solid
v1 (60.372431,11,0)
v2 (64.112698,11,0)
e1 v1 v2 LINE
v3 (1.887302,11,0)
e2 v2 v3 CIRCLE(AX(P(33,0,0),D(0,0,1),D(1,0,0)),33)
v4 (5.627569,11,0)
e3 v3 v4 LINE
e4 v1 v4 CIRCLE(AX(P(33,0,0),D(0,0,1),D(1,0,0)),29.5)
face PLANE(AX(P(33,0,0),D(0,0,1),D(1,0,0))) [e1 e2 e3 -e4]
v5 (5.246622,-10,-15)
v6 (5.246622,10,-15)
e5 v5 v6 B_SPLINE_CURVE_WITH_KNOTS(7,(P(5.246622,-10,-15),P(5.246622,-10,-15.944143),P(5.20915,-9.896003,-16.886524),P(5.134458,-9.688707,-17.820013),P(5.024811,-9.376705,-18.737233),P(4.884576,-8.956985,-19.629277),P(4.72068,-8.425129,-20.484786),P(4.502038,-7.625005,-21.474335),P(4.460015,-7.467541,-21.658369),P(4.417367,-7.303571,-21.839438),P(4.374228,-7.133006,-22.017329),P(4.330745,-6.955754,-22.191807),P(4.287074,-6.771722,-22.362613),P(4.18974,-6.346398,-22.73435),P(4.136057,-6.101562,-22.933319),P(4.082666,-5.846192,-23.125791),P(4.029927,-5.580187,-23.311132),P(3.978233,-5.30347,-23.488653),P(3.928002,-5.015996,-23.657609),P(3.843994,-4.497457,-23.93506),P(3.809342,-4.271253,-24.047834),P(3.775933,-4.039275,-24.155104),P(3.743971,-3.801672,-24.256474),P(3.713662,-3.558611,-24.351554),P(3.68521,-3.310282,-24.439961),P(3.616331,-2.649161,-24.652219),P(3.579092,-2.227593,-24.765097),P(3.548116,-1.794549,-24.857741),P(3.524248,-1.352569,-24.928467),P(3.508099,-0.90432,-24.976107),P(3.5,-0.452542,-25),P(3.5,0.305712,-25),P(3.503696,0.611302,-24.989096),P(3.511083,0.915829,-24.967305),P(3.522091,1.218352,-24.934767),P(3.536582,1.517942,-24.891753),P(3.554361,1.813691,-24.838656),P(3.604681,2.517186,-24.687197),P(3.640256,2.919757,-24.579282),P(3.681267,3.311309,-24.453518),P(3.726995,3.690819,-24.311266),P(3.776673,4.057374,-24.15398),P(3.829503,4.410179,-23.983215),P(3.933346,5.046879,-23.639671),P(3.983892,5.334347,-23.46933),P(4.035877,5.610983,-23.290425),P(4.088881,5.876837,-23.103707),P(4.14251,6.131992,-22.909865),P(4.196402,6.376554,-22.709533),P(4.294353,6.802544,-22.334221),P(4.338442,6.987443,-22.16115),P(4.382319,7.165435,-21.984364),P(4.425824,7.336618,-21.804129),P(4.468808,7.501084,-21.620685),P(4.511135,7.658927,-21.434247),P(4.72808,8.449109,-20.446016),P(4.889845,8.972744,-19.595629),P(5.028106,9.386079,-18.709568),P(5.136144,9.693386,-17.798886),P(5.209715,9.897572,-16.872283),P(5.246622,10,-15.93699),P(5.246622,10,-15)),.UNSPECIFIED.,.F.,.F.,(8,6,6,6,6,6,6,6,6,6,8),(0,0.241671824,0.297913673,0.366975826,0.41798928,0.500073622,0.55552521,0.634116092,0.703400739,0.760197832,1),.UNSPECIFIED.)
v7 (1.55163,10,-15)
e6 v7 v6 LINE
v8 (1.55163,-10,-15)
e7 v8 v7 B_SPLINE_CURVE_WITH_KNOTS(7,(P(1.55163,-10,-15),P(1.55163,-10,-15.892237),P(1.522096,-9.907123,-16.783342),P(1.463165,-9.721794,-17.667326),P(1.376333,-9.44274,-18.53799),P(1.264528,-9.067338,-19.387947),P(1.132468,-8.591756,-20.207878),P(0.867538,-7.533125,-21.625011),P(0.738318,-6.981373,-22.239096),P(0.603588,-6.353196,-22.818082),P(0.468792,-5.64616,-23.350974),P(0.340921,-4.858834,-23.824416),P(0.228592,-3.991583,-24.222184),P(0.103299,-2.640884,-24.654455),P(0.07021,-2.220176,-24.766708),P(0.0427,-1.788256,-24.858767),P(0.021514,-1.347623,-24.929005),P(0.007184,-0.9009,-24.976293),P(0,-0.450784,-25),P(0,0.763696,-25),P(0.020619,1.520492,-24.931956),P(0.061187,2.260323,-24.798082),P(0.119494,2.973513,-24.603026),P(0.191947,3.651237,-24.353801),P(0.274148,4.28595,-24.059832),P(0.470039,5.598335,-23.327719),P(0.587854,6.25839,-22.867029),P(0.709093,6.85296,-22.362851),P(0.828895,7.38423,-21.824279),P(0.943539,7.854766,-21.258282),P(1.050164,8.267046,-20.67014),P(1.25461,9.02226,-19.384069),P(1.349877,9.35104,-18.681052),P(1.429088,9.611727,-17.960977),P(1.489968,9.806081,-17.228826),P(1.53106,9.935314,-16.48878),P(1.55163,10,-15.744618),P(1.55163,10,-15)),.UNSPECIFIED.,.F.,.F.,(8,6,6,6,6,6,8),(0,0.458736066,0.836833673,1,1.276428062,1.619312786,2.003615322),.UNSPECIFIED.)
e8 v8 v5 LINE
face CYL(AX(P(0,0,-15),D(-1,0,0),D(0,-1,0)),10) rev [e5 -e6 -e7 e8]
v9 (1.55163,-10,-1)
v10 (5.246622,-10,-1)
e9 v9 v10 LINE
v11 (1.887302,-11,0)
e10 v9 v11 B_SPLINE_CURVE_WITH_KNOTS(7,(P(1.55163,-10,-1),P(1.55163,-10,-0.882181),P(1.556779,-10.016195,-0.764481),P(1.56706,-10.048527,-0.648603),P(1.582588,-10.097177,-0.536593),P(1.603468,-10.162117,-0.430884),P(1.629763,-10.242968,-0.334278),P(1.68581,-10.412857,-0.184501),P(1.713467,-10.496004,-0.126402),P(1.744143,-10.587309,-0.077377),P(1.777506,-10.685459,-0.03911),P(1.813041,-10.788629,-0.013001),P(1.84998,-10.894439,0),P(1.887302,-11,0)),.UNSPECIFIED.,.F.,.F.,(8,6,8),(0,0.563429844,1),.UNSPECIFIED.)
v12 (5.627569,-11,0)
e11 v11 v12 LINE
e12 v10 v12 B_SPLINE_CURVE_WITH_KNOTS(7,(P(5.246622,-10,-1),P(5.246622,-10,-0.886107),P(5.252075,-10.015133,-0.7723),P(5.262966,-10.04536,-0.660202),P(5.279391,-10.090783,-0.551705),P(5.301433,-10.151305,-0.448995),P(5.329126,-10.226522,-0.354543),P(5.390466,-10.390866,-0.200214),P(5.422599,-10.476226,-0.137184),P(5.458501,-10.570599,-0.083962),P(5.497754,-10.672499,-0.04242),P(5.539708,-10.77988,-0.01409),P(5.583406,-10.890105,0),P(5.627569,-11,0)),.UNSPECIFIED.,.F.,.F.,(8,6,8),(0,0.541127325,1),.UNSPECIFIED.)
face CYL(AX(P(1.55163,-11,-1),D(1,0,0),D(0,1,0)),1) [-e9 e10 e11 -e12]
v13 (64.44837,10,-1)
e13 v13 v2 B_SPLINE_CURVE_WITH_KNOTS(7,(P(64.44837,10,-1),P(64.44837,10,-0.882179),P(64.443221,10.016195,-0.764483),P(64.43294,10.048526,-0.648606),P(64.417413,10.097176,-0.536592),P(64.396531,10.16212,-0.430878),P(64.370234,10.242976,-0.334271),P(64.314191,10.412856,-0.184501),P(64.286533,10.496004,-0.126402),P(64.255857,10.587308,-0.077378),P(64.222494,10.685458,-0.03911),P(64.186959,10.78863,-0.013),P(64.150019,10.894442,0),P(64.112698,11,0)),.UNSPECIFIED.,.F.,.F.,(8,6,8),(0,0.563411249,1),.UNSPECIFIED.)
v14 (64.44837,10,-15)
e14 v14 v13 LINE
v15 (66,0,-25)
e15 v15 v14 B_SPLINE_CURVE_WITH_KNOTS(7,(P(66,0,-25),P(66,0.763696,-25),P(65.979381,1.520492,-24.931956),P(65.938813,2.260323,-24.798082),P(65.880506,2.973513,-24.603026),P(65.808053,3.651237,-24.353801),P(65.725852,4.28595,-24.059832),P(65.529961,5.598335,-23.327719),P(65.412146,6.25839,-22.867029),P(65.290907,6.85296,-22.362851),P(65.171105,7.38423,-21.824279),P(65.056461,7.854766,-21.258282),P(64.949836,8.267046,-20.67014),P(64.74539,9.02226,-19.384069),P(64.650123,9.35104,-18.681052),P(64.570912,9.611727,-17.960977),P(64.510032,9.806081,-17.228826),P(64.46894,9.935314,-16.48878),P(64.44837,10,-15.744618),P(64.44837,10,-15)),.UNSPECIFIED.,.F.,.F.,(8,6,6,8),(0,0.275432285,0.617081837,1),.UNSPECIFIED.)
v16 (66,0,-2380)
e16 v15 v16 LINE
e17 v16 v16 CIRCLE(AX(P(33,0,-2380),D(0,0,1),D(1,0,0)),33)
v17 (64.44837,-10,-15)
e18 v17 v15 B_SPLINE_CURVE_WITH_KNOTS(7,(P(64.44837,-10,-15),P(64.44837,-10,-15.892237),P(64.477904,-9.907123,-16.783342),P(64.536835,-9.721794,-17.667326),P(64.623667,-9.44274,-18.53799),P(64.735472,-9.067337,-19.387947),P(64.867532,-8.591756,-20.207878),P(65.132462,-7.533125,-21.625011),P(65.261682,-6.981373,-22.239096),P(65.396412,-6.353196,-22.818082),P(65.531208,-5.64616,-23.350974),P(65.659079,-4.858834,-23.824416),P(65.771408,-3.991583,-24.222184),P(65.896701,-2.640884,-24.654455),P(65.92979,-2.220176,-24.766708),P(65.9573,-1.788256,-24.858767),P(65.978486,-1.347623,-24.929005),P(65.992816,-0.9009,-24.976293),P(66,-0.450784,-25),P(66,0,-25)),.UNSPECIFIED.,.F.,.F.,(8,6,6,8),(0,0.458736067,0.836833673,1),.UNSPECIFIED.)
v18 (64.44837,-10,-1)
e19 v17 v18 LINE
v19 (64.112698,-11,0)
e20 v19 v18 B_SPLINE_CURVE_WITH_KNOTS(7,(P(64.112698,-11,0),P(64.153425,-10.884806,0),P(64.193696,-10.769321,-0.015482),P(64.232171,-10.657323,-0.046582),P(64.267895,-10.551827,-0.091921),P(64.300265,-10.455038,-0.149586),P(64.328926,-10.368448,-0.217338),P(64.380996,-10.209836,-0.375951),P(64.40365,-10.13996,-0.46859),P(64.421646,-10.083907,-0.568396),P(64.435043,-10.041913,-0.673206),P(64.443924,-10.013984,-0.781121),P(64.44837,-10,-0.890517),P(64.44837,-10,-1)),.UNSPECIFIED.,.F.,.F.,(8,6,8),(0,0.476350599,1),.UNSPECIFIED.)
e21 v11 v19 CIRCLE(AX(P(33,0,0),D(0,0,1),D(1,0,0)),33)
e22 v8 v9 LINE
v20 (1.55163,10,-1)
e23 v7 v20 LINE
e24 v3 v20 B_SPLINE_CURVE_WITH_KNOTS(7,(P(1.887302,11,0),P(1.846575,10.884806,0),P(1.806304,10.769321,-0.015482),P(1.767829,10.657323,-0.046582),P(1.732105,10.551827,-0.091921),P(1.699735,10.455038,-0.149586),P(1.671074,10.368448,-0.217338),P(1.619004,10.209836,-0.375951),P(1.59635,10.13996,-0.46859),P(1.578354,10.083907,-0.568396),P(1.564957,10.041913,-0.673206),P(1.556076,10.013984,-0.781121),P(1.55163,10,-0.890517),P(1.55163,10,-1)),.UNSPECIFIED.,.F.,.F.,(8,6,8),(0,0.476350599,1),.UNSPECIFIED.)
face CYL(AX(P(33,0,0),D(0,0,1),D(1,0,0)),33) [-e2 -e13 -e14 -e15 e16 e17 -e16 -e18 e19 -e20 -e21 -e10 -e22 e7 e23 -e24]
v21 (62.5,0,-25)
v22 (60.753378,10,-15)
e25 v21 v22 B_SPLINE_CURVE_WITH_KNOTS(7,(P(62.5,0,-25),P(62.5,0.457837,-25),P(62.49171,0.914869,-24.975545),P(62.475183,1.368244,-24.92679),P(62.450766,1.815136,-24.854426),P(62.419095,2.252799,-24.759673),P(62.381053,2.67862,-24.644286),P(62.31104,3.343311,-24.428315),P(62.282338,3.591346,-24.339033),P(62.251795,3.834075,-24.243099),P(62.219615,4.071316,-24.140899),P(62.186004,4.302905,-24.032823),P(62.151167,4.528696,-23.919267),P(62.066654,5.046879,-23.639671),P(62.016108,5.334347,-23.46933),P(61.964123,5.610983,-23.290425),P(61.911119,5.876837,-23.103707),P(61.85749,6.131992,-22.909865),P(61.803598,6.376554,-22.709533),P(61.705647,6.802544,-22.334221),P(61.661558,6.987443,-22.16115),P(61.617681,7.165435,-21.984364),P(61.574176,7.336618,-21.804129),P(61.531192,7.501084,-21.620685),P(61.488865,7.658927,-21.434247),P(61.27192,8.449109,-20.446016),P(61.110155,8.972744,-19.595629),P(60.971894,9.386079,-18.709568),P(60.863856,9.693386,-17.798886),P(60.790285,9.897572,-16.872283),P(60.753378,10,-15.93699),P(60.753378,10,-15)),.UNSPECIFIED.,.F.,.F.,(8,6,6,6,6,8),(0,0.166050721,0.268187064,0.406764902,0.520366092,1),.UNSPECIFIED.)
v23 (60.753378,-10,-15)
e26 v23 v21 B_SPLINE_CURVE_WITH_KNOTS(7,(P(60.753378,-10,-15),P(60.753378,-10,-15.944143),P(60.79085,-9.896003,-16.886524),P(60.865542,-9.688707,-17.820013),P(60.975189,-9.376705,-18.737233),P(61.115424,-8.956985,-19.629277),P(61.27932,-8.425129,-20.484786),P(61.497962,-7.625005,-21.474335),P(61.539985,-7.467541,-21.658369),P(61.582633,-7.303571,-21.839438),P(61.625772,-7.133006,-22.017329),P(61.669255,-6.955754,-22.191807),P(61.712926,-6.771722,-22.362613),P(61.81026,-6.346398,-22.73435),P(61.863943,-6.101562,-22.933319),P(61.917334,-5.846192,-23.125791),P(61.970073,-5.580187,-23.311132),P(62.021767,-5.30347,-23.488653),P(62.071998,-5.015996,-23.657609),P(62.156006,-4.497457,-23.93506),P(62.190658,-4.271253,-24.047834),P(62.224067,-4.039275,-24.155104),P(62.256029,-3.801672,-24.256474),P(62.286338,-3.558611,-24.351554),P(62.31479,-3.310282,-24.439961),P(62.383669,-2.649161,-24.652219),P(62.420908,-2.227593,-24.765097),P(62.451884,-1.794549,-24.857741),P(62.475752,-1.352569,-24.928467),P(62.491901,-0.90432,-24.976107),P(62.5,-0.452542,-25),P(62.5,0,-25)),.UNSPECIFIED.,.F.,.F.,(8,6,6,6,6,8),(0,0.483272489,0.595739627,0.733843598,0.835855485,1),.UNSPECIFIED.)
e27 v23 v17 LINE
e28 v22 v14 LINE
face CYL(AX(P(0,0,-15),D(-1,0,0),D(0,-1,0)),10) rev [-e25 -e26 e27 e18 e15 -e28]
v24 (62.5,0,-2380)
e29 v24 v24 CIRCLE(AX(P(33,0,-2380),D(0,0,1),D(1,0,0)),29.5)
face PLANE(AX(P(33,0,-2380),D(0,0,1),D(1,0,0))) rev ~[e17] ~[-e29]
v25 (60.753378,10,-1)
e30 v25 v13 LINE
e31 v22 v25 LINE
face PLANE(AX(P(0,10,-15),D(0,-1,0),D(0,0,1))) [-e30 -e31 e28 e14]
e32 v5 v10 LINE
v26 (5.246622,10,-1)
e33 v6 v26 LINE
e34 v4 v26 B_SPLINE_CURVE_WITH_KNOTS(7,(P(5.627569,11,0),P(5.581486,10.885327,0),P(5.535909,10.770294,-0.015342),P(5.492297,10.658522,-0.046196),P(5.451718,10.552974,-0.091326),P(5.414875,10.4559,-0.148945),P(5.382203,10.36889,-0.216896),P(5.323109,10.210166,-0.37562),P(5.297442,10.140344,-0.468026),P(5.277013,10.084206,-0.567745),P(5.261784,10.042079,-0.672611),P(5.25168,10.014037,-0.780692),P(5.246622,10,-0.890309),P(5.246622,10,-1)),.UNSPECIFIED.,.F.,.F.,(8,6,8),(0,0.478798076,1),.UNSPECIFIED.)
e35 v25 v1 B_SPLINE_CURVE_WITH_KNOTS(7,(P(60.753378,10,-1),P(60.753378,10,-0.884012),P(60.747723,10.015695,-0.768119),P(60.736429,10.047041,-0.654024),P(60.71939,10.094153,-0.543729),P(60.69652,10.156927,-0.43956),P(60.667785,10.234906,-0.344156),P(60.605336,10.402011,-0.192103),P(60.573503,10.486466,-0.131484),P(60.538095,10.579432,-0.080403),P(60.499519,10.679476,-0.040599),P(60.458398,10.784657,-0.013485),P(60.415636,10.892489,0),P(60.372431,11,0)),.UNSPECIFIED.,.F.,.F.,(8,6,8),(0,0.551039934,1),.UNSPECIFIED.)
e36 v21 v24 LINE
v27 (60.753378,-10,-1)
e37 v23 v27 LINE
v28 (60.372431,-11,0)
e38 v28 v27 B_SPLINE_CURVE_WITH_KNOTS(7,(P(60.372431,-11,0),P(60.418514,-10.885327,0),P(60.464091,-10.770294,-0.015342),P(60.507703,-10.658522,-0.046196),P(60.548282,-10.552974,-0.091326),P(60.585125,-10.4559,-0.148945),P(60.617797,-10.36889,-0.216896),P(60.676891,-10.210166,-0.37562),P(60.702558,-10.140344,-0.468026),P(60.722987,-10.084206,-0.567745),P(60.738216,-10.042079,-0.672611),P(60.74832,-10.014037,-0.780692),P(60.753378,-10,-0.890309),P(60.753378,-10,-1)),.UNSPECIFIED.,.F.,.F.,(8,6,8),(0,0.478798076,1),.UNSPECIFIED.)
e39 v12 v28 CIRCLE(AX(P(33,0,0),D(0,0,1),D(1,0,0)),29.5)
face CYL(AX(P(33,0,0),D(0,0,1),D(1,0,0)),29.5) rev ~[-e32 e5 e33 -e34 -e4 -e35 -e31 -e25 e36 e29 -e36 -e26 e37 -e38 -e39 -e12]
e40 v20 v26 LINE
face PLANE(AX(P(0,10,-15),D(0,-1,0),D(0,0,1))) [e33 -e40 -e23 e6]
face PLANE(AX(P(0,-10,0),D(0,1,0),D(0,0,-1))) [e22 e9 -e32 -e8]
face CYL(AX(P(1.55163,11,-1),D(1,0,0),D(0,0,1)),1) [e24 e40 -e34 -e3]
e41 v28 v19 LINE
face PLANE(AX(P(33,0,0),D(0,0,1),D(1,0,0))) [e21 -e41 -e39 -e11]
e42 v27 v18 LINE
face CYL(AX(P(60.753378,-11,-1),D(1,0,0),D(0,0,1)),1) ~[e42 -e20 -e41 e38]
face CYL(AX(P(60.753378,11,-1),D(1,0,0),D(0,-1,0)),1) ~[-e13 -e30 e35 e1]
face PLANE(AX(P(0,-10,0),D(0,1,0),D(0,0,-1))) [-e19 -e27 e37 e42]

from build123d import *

# Parameters (mm, degrees)
SKETCH4_R           = 33
SKETCH4_R_2         = 29.5
BOSS_EXTRUDE1_DEPTH = 2380
CUT_EXTRUDE1_DEPTH  = 67
FILLET1_R           = 1


with BuildPart() as part:
    # Sketch4 → Boss-Extrude1 (new body)
    with BuildSketch(Plane.XY):
        with Locations((33, 0)):
            Circle(SKETCH4_R)
        with Locations((33, 0)):
            Circle(SKETCH4_R_2, mode=Mode.SUBTRACT)
    extrude(amount=-BOSS_EXTRUDE1_DEPTH)

    # Sketch6 → Cut-Extrude1 (cut, through all)
    with BuildSketch(Plane(origin=(0, 0, 0), x_dir=(0, 0, -1), z_dir=(1, 0, 0))):
        with BuildLine():
            Line((0, 10), (0, -10))
            Line((0, -10), (15, -10))
            ThreePointArc((15, -10), (25, 0), (15, 10))
            Line((15, 10), (0, 10))
        make_face()
    extrude(amount=CUT_EXTRUDE1_DEPTH, mode=Mode.SUBTRACT)

    # Fillet1
    fillet1_edges = [part.edges().sort_by_distance(p)[0] for p in [
        (3.39912572, 10, 0),
        (62.60087428, 10, 0),
        (3.39912572, -10, 0),
        (62.60087428, -10, 0),
    ]]
    fillet(fillet1_edges, radius=FILLET1_R)


solid = part.part
